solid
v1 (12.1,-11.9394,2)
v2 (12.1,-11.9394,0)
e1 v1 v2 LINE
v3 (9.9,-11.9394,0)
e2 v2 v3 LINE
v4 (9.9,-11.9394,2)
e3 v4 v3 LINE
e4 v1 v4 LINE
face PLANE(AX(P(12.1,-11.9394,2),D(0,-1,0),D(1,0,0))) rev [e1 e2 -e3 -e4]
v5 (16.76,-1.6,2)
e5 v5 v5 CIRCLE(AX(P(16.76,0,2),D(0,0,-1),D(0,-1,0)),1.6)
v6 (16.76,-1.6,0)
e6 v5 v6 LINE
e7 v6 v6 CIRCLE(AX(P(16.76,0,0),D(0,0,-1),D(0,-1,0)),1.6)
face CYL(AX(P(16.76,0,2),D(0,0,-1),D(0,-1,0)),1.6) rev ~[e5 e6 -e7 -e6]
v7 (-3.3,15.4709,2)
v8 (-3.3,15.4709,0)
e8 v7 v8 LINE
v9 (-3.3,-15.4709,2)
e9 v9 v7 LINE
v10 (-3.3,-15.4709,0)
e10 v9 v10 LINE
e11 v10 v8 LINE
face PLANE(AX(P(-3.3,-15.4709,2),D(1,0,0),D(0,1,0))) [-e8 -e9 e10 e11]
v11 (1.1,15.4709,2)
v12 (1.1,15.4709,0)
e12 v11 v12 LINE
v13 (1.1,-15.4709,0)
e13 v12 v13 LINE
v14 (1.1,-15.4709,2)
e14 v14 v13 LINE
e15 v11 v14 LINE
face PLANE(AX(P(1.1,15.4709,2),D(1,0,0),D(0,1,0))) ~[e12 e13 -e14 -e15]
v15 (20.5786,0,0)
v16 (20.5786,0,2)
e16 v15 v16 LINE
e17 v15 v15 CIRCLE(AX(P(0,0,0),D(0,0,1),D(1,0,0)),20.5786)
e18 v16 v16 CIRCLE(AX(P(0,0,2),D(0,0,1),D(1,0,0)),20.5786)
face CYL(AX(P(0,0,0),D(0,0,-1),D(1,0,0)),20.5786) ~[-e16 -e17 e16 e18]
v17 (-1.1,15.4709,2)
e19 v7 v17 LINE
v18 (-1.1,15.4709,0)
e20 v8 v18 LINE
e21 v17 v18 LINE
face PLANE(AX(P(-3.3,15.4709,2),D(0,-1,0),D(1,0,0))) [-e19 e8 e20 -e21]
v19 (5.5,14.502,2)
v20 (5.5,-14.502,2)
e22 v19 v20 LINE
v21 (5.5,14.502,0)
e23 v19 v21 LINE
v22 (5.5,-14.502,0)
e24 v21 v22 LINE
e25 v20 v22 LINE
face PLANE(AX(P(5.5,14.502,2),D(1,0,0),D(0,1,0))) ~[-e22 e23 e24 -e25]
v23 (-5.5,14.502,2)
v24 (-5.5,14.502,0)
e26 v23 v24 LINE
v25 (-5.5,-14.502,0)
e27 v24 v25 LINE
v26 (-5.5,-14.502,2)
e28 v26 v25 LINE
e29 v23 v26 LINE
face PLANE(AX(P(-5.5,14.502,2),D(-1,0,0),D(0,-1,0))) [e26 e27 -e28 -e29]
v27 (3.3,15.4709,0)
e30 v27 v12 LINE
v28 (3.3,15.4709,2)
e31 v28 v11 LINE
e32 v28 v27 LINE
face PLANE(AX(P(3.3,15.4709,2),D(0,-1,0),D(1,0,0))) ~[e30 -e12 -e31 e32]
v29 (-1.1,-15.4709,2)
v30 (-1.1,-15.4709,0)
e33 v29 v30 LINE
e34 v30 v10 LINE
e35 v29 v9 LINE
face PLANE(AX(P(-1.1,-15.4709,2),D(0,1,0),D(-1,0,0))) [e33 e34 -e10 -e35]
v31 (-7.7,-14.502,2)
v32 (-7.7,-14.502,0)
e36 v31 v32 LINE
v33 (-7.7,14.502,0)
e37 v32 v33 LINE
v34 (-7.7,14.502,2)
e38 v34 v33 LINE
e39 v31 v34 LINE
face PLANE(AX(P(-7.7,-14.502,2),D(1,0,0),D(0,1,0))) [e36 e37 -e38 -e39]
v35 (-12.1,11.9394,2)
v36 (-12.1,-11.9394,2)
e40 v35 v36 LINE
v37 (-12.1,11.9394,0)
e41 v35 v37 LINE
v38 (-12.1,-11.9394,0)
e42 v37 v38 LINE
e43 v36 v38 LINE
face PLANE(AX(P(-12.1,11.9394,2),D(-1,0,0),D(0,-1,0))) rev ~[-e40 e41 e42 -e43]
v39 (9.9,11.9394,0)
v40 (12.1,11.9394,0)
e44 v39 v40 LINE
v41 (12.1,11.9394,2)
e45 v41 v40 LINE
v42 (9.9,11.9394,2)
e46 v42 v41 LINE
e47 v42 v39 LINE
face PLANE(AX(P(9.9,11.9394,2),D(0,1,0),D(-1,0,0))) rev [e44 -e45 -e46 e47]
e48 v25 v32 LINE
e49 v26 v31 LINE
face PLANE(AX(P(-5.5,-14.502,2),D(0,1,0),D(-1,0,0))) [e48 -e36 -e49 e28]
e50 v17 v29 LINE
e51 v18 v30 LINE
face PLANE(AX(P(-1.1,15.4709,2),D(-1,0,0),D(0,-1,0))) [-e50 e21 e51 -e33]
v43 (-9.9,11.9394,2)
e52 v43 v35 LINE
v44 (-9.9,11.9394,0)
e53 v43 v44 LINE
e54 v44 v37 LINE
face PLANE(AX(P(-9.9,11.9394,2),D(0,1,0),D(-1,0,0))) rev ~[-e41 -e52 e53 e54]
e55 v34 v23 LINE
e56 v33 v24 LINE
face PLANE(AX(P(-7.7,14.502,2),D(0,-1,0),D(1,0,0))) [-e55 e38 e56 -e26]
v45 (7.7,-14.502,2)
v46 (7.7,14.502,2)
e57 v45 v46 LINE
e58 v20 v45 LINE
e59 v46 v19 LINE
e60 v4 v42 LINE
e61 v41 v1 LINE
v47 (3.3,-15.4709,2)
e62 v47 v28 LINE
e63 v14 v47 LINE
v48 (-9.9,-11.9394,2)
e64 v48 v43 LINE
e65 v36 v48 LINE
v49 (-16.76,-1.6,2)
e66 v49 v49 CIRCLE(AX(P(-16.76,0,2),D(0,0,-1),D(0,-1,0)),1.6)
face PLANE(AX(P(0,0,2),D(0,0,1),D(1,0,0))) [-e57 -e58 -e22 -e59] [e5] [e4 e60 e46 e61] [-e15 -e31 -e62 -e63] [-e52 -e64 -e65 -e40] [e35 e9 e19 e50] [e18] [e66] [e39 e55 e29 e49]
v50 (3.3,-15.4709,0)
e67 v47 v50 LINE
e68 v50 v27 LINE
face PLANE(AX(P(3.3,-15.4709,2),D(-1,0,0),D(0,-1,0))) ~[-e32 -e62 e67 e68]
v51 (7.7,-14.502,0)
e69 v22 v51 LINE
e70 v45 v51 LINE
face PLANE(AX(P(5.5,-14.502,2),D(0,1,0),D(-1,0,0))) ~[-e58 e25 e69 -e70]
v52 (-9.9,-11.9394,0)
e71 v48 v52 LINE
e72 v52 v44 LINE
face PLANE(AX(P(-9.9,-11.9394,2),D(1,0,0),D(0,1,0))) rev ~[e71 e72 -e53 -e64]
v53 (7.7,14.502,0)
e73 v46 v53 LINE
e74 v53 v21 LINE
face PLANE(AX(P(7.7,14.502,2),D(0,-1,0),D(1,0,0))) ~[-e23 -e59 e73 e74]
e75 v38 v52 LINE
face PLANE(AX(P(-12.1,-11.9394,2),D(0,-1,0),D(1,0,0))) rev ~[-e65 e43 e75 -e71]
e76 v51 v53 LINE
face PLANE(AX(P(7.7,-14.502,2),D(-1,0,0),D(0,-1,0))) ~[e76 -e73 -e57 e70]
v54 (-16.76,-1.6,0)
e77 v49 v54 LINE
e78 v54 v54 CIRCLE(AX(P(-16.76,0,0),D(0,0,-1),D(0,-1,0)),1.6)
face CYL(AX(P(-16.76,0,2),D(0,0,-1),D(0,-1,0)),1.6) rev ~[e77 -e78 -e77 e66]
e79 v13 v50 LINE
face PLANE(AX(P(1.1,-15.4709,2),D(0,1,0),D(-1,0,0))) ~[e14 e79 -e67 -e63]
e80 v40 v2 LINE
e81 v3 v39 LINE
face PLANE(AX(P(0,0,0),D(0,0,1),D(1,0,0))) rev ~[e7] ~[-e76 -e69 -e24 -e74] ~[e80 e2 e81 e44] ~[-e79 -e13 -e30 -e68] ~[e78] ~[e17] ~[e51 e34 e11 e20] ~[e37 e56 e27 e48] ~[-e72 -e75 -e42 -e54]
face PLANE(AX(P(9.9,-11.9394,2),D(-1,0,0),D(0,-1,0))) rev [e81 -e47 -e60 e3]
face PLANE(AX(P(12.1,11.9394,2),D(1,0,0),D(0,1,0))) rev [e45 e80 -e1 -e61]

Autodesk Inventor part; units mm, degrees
ref_plane "YZ Plane" through (0, 0, 0) normal (1, 0, 0) x (0, 1, 0)
ref_plane "XZ Plane" through (0, 0, 0) normal (0, 1, 0) x (-1, 0, 0)
ref_plane "XY Plane" through (0, 0, 0) normal (0, 0, 1) x (1, 0, 0)
sketch "Skizze1" plane through (0, 0, 0) normal (0, 0, 1) x (1, 0, 0)
  circle A0 centre (16.76, 0) radius 1.25 projected
  circle A1 centre (-16.76, 0) radius 1.25 projected
  line L0 (-6.25, 16) -> (-11.9414, 16) projected
  line L1 (-2.25, 20) -> (-6.25, 16) projected
  line L2 (2.25, 20) -> (-2.25, 20) projected
  line L3 (6.25, 16) -> (2.25, 20) projected
  line L4 (11.9414, 16) -> (6.25, 16) projected
  line L5 (11.9414, 16) -> (12.9414, 15) projected
  line L6 (12.9414, -15) -> (12.9414, 15) projected
  line L7 (11.9414, -16) -> (12.9414, -15) projected
  line L8 (-11.9414, -16) -> (11.9414, -16) projected
  line L9 (-11.9414, -16) -> (-12.9414, -15) projected
  line L10 (-12.9414, 15) -> (-12.9414, -15) projected
  line L11 (-12.9414, 15) -> (-11.9414, 16) projected
  circle A2 centre (0, 0) radius 20.5786 projected
  point P0 (0, 0)
extrude "Extrusion1" add sketch "Skizze1" along normal blind 2 contours L1 L2 L3 L4 L5 L6 L7 L8 L9 L10 L11 L0 | A2
sketch "Skizze2" plane through (0, 0, 2) normal (0, 0, 1) x (1, 0, 0)
  point P0 (0, 0)
sketch "Skizze3" plane through (0, 0, 2) normal (0, 0, 1) x (1, 0, 0)
  line L0 (-12.1, -11.9394) -> (-9.9, -11.9394)
  line L1 (-9.9, -11.9394) -> (-9.9, 11.9394)
  line L2 (-9.9, 11.9394) -> (-12.1, 11.9394)
  line L3 (-12.1, 11.9394) -> (-12.1, -11.9394)
  line L4 (-7.7, 14.502) -> (-5.5, 14.502)
  line L5 (-5.5, 14.502) -> (-5.5, -14.502)
  line L6 (-5.5, -14.502) -> (-7.7, -14.502)
  line L7 (-7.7, -14.502) -> (-7.7, 14.502)
  line L8 (-3.3, 15.4709) -> (-1.1, 15.4709)
  line L9 (-1.1, 15.4709) -> (-1.1, -15.4709)
  line L10 (-1.1, -15.4709) -> (-3.3, -15.4709)
  line L11 (-3.3, -15.4709) -> (-3.3, 15.4709)
  circle A0 centre (-16.76, 0) radius 1.25 projected
  circle A1 centre (16.76, 0) radius 1.25 projected
  circle A2 centre (0, 0) radius 20.5786 projected
  line L12 (-16.76, 0) -> (0, 0) construction
  circle A3 centre (0, 0) radius 15.51 construction
  line L13 (0, 0) -> (0, 15.51)
  point P0 (0, 0)
  dimension "d2" = 2.2
  dimension "d3" = 2.2
  dimension "d4" = 2.2
  dimension "d5" = 2.2
  dimension "d6" = 2.2
  dimension "d7" = 1.1
ref_plane "Arbeitsebene1" through (0, 0, 2) normal (1, 0, 0) x (0, 1, 0)
extrude "Extrusion2" cut sketch "Skizze3" against normal through all contours L3 L2 L1 L0 | L4 L5 L6 L7 | L8 L9 L10 L11
mirror "Spiegeln1" about plane through (0, 0, 2) normal (1, 0, 0) of "Extrusion2"
sketch "Skizze4" plane through (0, 0, 2) normal (0, 0, 1) x (1, 0, 0)
  line L0 (5.5, -14.502) -> (5.5, 14.502) projected
  line L1 (5.5, 14.502) -> (7.7, 14.502) projected
  line L2 (7.7, 14.502) -> (7.7, -14.502) projected
  line L3 (7.7, -14.502) -> (5.5, -14.502) projected
  line L4 (1.1, -15.4709) -> (1.1, 15.4709) projected
  line L5 (1.1, 15.4709) -> (3.3, 15.4709) projected
  line L6 (3.3, 15.4709) -> (3.3, -15.4709) projected
  line L7 (3.3, -15.4709) -> (1.1, -15.4709) projected
  line L8 (9.9, 11.9394) -> (12.1, 11.9394) projected
  line L9 (12.1, 11.9394) -> (12.1, -11.9394) projected
  line L10 (12.1, -11.9394) -> (9.9, -11.9394) projected
  line L11 (9.9, -11.9394) -> (9.9, 11.9394) projected
  line L12 (-7.7, -14.502) -> (-7.7, 14.502) projected
  line L13 (-7.7, 14.502) -> (-5.5, 14.502) projected
  line L14 (-5.5, 14.502) -> (-5.5, -14.502) projected
  line L15 (-5.5, -14.502) -> (-7.7, -14.502) projected
  line L16 (-9.9, 11.9394) -> (-9.9, -11.9394) projected
  line L17 (-9.9, -11.9394) -> (-12.1, -11.9394) projected
  line L18 (-12.1, -11.9394) -> (-12.1, 11.9394) projected
  line L19 (-12.1, 11.9394) -> (-9.9, 11.9394) projected
  line L20 (-3.3, -15.4709) -> (-3.3, 15.4709) projected
  line L21 (-3.3, 15.4709) -> (-1.1, 15.4709) projected
  line L22 (-1.1, 15.4709) -> (-1.1, -15.4709) projected
  line L23 (-1.1, -15.4709) -> (-3.3, -15.4709) projected
  circle A0 centre (-16.76, 0) radius 1.25 projected
  circle A1 centre (16.76, 0) radius 1.25 projected
  circle A2 centre (0, 0) radius 20.5786 projected
  point P0 (0, 0)
hole "Bohrung1" at (-16.76, 0, 2) at (16.76, 0, 2) direction (0, 0, -1) diameter 3.2 end through all
equation "\"d3\" = d2"
equation "\"d4\" = d3"
equation "\"d5\" = d4"
equation "\"d6\" = d3"
equation "\"d7\" = 0.5 * d2"
properties part number "Wrist_Cover" material "ABS-Kunststoff"
